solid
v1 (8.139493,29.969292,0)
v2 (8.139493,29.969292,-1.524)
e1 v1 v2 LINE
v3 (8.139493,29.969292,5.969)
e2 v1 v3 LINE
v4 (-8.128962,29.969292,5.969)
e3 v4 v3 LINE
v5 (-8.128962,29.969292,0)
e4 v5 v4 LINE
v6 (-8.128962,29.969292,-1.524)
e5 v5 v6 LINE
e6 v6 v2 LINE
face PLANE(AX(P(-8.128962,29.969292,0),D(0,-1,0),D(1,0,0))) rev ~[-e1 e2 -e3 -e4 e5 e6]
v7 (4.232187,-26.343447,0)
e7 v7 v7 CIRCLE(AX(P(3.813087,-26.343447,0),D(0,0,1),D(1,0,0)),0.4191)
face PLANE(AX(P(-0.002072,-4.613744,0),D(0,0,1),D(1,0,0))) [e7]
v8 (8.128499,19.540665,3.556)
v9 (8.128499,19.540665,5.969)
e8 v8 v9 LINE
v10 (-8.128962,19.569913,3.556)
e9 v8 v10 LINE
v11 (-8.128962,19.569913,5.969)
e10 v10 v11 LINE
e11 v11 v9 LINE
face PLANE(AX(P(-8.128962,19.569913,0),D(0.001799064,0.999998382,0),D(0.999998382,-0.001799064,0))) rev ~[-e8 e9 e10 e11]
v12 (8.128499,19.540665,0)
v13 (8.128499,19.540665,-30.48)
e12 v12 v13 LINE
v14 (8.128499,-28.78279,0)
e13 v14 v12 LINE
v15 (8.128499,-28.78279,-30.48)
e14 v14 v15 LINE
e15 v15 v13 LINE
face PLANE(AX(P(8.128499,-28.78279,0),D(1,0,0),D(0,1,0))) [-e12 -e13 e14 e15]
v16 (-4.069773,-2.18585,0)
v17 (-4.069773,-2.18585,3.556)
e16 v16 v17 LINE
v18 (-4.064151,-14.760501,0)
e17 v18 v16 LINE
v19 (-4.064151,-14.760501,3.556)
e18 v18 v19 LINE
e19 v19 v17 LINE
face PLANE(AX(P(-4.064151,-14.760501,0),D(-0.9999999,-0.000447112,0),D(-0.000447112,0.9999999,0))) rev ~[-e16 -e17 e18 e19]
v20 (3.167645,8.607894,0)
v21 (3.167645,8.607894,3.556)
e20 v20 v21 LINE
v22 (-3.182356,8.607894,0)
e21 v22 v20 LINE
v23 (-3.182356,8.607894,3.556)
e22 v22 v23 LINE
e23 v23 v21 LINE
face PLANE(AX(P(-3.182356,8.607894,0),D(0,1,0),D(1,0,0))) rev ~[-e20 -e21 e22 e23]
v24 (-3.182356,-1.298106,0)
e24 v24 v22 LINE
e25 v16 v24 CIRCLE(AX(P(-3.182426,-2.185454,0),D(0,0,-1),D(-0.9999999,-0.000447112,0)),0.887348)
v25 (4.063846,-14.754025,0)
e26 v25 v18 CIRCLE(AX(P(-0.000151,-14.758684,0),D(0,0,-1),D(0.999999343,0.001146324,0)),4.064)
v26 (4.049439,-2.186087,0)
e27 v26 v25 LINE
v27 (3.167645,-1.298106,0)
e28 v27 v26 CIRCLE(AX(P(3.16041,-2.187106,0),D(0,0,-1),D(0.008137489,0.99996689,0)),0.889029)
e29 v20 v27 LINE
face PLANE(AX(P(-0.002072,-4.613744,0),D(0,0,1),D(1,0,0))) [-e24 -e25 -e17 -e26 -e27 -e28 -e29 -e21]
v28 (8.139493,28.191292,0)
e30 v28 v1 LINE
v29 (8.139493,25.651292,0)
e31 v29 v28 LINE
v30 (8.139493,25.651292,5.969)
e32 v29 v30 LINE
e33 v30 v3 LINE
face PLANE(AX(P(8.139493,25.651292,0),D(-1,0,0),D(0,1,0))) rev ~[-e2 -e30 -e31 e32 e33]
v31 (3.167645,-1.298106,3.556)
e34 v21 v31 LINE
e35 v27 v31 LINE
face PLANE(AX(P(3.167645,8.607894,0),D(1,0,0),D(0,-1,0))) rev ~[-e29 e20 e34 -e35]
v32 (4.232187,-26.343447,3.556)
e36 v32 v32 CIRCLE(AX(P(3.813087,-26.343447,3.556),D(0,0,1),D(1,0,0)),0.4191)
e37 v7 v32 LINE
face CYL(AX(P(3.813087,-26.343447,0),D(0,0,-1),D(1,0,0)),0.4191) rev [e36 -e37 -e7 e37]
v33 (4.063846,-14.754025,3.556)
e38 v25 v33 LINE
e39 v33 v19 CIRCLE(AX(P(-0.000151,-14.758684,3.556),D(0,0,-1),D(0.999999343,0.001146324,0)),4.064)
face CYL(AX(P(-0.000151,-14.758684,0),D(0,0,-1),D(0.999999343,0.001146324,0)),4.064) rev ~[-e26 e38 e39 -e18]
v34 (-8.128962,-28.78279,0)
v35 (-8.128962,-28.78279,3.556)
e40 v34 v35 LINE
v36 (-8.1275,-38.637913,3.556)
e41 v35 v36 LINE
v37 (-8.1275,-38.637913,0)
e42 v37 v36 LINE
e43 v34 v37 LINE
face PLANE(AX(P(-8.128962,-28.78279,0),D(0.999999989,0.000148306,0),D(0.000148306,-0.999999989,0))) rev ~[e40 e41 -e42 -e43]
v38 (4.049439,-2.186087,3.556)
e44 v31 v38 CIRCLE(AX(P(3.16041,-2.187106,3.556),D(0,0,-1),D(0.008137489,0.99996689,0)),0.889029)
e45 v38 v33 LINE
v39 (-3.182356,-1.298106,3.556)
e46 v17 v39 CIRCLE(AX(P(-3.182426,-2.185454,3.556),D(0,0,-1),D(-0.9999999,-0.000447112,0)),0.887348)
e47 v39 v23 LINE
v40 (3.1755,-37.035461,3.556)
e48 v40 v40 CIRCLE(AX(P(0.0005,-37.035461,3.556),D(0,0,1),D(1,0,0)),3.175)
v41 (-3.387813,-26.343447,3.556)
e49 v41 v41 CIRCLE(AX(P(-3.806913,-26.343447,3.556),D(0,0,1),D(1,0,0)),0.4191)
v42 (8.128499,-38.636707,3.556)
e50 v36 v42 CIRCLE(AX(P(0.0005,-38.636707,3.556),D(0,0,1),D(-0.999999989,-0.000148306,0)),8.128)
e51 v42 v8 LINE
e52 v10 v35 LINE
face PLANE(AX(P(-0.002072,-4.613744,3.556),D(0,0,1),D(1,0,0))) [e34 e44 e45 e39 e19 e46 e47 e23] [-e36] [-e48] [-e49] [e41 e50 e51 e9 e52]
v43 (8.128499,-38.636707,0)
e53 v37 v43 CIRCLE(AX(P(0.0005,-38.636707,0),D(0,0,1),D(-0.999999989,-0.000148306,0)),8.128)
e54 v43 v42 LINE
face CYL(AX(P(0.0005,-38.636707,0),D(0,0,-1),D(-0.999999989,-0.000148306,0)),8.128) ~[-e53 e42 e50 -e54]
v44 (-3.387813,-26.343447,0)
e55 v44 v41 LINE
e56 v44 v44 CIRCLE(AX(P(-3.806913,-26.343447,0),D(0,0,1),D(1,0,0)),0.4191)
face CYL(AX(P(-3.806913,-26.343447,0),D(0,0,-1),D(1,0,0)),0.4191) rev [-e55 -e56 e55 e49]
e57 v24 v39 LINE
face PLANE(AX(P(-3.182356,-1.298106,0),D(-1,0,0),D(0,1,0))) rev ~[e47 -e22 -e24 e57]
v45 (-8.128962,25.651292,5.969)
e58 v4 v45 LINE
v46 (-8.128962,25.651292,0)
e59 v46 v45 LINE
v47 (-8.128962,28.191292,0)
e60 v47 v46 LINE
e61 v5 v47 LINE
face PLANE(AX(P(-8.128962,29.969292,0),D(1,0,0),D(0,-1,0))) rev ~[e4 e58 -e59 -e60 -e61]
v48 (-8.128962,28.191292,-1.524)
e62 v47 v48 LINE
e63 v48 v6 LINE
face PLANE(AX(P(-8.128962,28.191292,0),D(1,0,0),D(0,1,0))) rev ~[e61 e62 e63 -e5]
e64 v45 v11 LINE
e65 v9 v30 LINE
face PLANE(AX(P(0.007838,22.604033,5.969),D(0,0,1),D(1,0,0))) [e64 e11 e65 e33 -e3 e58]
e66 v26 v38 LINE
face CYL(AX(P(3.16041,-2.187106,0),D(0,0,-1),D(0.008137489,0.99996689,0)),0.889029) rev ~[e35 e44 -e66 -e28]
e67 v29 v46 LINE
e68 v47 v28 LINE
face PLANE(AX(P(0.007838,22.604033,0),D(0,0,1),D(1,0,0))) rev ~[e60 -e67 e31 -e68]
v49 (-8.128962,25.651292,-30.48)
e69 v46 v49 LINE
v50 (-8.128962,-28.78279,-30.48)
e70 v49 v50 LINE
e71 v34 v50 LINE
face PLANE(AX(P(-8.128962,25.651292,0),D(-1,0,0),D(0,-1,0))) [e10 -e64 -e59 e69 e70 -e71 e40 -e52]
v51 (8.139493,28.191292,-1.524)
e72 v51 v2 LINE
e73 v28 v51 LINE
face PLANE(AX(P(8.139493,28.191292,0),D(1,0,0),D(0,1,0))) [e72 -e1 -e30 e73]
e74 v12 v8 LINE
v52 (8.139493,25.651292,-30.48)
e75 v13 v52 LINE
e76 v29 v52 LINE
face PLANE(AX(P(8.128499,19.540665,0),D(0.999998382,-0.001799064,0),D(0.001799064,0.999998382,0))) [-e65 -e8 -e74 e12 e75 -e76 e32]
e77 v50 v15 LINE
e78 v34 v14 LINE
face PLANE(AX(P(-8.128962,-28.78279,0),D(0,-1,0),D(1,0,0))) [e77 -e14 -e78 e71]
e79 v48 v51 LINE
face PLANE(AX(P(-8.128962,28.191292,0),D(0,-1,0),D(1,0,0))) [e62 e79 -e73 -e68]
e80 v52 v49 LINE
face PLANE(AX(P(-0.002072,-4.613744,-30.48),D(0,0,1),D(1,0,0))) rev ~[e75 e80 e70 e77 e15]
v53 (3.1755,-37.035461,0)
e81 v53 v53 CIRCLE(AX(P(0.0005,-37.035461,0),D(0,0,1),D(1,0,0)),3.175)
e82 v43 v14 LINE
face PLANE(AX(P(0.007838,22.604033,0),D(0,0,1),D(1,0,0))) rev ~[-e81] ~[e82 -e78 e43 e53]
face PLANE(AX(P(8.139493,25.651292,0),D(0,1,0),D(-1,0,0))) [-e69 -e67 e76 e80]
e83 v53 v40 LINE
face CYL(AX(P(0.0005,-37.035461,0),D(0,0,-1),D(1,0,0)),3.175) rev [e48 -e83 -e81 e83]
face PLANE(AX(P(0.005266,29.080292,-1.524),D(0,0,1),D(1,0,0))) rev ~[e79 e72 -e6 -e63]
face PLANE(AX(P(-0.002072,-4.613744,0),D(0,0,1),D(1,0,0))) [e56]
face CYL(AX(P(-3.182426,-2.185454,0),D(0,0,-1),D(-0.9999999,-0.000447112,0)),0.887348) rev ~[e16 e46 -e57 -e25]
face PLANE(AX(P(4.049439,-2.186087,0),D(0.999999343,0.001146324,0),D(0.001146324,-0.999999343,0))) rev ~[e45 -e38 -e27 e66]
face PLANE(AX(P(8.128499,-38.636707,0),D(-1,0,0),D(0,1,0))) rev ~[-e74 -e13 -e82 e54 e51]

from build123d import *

# Parameters (mm, degrees)
F0_R     = 0.4191
F0_R_2   = 3.175
F1_DEPTH = 3.556
F0_W     = 16.2684546465
F0_H     = 2.54
F0_H_2   = 1.778
F2_DEPTH = 5.969
F3_DEPTH = 1.524
F4_DEPTH = 30.48


with BuildPart() as f1:
    # F0 (on Top) → F1 (new body)
    with BuildSketch(Plane.XY):
        Polygon((-8.1289618026, 19.5699129487), (-8.1289618026, -28.7827895308), (8.1284994147, -28.7827895308), (8.1284994147, 19.5406646823), align=None)
        with Locations((-3.8069129527, -26.3434465483)):
            Circle(F0_R, mode=Mode.SUBTRACT)
        with Locations((3.8130870473, -26.3434465483)):
            Circle(F0_R, mode=Mode.SUBTRACT)
        with BuildLine():
            ThreePointArc((4.0638460346, -14.7540253319), (0.0030865228, -18.8226827446), (-4.0641509764, -14.7605010551))
            Line((-4.0641509764, -14.7605010551), (-4.069773258, -2.185850306))
            ThreePointArc((-4.069773258, -2.185850306), (-3.8099907741, -1.5581196008), (-3.1823557791, -1.2981059663))
            Line((-3.1823557791, -1.2981059663), (-3.1823557791, 8.6078940337))
            Line((-3.1823557791, 8.6078940337), (3.1676447176, 8.6078940337))
            Line((3.1676447176, 8.6078940337), (3.1676447176, -1.2981059659))
            ThreePointArc((3.1676447176, -1.2981059659), (3.7912426345, -1.5606685465), (4.0494391018, -2.1860868505))
            Line((4.0494391018, -2.1860868505), (4.0638460346, -14.7540253319))
        make_face(mode=Mode.SUBTRACT)
        with BuildLine():
            Line((-8.1289618026, -28.7827895308), (-8.1275002277, -38.637912922))
            ThreePointArc((-8.1275002501, -38.637912922), (0.0011022648, -46.764707356), (8.1284994371, -38.6367074901))
            Line((8.1284994147, -38.6367074901), (8.1284994147, -28.7827895308))
            Line((8.1284994147, -28.7827895308), (-8.1289618026, -28.7827895308))
        make_face()
        with Locations((0.0004995041, -37.0354612684)):
            Circle(F0_R_2, mode=Mode.SUBTRACT)
    extrude(amount=F1_DEPTH)

    # F0 (on Top) → F2 (join)
    with BuildSketch(Plane.XY):
        Polygon((-8.1289618026, 25.6512917549), (-8.1289618026, 19.5699129487), (8.1284994147, 19.5406646823), (8.1394928439, 25.6512917549), align=None)
        with Locations((0.0052655206, 26.9212917549)):
            Rectangle(F0_W, F0_H)
        with Locations((0.0052655206, 29.0802917549)):
            Rectangle(F0_W, F0_H_2)
    extrude(amount=F2_DEPTH)

    # F0 (on Top) → F3 (join)
    with BuildSketch(Plane.XY):
        with Locations((0.0052655206, 29.0802917549)):
            Rectangle(F0_W, F0_H_2)
    extrude(amount=-F3_DEPTH)

    # F0 (on Top) → F4 (join)
    with BuildSketch(Plane.XY):
        Polygon((-8.1289618026, 19.5699129487), (-8.1289618026, -28.7827895308), (8.1284994147, -28.7827895308), (8.1284994147, 19.5406646823), align=None)
        with Locations((-3.8069129527, -26.3434465483)):
            Circle(F0_R, mode=Mode.SUBTRACT)
        with Locations((3.8130870473, -26.3434465483)):
            Circle(F0_R, mode=Mode.SUBTRACT)
        with BuildLine():
            ThreePointArc((4.0638460346, -14.7540253319), (0.0030865228, -18.8226827446), (-4.0641509764, -14.7605010551))
            Line((-4.0641509764, -14.7605010551), (-4.069773258, -2.185850306))
            ThreePointArc((-4.069773258, -2.185850306), (-3.8099907741, -1.5581196008), (-3.1823557791, -1.2981059663))
            Line((-3.1823557791, -1.2981059663), (-3.1823557791, 8.6078940337))
            Line((-3.1823557791, 8.6078940337), (3.1676447176, 8.6078940337))
            Line((3.1676447176, 8.6078940337), (3.1676447176, -1.2981059659))
            ThreePointArc((3.1676447176, -1.2981059659), (3.7912426345, -1.5606685465), (4.0494391018, -2.1860868505))
            Line((4.0494391018, -2.1860868505), (4.0638460346, -14.7540253319))
        make_face(mode=Mode.SUBTRACT)
        with BuildLine():
            Line((-4.069773258, -2.185850306), (-4.0641509764, -14.7605010551))
            ThreePointArc((-4.0641509764, -14.7605010551), (0.0030865228, -18.8226827446), (4.0638460346, -14.7540253319))
            Line((4.0638460346, -14.7540253319), (4.0494391018, -2.1860868505))
            ThreePointArc((4.0494391018, -2.1860868505), (3.7912426345, -1.5606685465), (3.1676447176, -1.2981059659))
            Line((3.1676447176, -1.2981059659), (3.1676447176, 8.6078940337))
            Line((3.1676447176, 8.6078940337), (-3.1823557791, 8.6078940337))
            Line((-3.1823557791, 8.6078940337), (-3.1823557791, -1.2981059663))
            ThreePointArc((-3.1823557791, -1.2981059663), (-3.8099907741, -1.5581196008), (-4.069773258, -2.185850306))
        make_face()
        Polygon((-8.1289618026, 25.6512917549), (-8.1289618026, 19.5699129487), (8.1284994147, 19.5406646823), (8.1394928439, 25.6512917549), align=None)
        with Locations((3.8130870473, -26.3434465483)):
            Circle(F0_R)
        with Locations((-3.8069129527, -26.3434465483)):
            Circle(F0_R)
    extrude(amount=-F4_DEPTH)


solid = f1.part
